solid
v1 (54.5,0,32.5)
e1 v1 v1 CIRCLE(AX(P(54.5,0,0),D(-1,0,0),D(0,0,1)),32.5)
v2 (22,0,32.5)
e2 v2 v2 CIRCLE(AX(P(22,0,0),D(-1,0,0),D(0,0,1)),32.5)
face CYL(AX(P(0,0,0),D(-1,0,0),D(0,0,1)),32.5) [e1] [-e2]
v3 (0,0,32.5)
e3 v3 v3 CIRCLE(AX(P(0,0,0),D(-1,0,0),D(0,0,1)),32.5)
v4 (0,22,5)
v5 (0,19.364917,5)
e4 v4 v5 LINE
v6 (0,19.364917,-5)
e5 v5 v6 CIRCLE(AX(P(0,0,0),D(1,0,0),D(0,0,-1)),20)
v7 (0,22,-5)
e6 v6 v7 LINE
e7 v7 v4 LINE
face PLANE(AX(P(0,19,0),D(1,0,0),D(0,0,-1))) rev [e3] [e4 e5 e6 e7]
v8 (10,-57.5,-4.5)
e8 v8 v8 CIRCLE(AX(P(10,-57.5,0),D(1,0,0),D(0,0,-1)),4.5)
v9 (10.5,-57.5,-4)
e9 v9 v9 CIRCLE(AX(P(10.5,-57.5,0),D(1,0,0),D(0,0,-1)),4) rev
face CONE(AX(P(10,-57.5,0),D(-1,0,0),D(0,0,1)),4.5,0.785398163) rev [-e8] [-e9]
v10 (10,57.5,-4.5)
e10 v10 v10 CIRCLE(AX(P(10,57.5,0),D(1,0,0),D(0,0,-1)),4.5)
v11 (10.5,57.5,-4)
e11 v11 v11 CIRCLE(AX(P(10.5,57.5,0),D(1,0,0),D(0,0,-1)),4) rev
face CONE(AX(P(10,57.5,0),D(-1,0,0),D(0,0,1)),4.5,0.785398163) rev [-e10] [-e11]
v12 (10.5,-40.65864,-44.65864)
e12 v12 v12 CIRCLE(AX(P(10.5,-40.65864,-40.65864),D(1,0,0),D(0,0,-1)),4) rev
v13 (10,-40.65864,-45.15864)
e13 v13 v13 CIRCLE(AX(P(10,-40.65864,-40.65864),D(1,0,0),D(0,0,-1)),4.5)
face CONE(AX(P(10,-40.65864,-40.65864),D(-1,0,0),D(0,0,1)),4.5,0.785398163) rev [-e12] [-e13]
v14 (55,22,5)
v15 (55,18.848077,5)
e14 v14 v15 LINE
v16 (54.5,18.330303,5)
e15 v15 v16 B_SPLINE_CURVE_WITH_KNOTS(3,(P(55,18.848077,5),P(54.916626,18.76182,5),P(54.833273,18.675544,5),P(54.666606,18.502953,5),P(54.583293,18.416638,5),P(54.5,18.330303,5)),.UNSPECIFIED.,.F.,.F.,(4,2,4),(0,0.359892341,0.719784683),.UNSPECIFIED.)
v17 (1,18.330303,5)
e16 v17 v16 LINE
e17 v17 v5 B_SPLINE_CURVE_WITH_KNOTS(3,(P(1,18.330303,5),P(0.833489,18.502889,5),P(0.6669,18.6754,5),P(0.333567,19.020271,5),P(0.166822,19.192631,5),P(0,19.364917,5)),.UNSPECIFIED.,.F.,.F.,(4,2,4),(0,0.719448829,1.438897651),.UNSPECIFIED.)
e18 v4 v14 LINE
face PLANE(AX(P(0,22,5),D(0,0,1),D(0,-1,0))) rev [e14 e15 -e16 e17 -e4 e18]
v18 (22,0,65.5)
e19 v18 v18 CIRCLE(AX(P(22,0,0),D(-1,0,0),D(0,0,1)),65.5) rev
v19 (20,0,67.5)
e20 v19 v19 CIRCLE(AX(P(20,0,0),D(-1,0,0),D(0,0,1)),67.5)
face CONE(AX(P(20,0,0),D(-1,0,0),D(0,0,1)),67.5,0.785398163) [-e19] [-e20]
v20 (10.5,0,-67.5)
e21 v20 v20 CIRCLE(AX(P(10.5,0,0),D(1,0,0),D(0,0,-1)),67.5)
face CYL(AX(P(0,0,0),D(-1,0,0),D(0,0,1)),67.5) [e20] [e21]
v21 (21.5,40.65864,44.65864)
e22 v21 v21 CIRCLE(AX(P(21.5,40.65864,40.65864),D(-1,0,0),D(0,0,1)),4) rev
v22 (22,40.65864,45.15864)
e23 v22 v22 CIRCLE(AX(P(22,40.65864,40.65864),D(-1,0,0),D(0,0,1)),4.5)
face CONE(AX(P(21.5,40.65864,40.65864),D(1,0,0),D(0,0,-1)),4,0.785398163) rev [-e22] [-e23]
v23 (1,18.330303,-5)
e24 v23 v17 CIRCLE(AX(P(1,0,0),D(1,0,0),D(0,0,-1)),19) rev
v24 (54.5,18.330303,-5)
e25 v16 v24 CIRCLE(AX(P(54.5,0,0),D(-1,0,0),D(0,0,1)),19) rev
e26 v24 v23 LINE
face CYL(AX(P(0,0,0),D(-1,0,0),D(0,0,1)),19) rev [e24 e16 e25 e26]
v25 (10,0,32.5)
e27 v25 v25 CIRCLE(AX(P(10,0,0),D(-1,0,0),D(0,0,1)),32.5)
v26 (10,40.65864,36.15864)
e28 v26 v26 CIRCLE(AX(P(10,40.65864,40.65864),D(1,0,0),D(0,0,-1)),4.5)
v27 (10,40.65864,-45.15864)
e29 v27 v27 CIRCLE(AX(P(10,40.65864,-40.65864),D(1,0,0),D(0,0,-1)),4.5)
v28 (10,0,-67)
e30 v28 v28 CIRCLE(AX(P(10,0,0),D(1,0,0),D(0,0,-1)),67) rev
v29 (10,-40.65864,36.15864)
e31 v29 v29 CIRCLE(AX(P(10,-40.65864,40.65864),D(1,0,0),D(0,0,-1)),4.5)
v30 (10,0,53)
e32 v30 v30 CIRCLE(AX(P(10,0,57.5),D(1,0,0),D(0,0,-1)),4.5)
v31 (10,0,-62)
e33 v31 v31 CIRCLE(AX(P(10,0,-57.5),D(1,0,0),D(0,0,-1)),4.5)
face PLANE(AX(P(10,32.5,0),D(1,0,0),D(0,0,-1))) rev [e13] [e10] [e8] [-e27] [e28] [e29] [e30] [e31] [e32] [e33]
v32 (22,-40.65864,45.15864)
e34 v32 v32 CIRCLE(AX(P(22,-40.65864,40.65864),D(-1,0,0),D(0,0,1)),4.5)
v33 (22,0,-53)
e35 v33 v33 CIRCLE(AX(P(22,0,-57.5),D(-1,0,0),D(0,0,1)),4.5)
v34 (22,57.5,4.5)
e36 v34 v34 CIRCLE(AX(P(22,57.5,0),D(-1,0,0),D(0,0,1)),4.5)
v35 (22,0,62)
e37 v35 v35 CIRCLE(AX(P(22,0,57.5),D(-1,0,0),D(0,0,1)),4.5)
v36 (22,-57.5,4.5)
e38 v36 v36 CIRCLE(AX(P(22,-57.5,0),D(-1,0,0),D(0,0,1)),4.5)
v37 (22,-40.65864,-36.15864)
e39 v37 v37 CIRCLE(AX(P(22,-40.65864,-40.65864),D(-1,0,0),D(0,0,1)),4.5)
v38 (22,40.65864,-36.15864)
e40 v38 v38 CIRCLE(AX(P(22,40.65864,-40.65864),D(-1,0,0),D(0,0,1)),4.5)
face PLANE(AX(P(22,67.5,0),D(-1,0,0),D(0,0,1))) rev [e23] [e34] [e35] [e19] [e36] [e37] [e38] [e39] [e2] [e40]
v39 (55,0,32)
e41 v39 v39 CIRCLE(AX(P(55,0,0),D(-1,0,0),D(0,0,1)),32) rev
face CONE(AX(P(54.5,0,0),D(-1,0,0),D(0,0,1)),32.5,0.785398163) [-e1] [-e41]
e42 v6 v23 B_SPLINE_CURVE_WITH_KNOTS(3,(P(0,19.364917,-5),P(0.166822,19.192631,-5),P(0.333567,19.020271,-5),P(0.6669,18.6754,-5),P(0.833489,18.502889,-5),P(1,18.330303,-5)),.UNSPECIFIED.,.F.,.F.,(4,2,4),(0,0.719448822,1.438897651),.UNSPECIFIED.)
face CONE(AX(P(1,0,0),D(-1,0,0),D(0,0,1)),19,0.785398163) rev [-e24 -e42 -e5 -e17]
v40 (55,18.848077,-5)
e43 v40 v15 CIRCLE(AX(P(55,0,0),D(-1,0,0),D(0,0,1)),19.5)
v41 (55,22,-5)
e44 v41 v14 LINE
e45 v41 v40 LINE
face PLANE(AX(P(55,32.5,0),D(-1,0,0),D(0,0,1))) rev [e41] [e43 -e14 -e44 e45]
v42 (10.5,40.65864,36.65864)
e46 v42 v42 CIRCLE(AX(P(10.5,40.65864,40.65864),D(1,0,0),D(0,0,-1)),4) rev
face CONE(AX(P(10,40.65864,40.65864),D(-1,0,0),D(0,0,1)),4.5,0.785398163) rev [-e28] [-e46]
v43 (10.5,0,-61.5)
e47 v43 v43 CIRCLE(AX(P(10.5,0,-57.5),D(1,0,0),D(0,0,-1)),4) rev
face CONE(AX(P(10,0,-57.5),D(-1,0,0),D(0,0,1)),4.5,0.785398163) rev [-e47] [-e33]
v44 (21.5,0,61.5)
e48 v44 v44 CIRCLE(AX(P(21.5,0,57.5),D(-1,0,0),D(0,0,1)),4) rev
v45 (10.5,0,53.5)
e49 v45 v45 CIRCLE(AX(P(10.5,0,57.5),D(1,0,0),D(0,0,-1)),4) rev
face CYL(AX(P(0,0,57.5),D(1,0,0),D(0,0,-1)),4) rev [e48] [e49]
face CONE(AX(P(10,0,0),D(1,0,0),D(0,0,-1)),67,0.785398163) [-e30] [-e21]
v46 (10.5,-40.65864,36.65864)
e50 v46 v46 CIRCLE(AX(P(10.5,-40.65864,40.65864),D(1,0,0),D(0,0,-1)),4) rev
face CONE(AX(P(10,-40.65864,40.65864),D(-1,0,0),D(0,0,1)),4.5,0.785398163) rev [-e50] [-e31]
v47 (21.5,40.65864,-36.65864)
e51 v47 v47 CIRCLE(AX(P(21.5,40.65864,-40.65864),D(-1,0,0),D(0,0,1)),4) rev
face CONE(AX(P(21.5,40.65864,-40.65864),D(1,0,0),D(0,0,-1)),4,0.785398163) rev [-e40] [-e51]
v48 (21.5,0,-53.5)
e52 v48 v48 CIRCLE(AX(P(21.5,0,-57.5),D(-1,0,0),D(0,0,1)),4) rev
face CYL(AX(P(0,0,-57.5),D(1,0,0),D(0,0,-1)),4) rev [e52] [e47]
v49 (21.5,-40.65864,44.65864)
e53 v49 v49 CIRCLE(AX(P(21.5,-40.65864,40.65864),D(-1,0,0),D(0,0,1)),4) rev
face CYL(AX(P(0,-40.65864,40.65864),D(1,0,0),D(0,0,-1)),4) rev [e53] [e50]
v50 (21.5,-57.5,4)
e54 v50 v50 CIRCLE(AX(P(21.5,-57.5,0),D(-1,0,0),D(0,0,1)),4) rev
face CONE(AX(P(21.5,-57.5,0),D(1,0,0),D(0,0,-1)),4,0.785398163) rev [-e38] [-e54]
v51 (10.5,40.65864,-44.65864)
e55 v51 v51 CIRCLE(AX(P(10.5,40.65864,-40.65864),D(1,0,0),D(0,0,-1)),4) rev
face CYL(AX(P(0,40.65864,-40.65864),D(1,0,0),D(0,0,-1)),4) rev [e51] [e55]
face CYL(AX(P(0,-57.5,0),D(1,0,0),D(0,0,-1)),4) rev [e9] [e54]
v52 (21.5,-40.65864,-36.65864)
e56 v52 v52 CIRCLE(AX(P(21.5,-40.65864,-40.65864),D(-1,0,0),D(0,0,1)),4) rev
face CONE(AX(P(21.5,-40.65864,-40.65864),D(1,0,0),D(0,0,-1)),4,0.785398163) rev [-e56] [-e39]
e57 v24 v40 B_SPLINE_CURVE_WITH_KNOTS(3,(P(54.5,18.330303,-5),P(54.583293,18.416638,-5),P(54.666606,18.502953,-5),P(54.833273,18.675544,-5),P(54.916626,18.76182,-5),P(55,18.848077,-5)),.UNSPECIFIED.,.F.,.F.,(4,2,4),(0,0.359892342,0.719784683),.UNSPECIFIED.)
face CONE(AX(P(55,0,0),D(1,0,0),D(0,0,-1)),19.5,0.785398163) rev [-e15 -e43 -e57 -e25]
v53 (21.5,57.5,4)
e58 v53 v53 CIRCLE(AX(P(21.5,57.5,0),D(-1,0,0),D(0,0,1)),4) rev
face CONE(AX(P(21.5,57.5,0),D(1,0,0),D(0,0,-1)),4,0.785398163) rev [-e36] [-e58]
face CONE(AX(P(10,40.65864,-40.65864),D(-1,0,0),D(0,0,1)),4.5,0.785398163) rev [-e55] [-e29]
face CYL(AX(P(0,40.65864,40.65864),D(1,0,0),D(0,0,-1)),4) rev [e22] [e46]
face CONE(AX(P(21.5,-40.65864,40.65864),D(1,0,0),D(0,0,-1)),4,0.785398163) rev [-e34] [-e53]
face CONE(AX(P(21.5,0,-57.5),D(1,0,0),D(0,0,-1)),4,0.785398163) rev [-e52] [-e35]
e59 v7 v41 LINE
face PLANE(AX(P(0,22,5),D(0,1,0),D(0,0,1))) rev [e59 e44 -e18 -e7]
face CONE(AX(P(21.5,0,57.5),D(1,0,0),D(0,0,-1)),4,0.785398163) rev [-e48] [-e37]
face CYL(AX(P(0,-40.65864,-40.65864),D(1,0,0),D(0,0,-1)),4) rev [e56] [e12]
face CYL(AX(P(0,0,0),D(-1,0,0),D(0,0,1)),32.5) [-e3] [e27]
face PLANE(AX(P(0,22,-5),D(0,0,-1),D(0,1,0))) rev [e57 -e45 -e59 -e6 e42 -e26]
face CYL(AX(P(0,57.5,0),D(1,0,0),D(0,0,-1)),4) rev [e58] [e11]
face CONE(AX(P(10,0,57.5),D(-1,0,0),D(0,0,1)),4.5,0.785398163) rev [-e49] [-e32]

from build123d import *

# Parameters (mm, degrees)
SKETCH_2_W          = 10
SKETCH_2_H          = 22
CUT_EXTRUDE_1_DEPTH = 111.170322683
SKETCH_3_R          = 4
CUT_EXTRUDE_2_DEPTH = 102.002475217
CHAMFER_1_SIZE      = 2
CHAMFER_2_SIZE      = 1
CHAMFER_3_SIZE      = 0.5


with BuildPart() as part:
    # 草图1 → 旋转1 (revolve)
    with BuildSketch(Plane.XY, mode=Mode.PRIVATE) as revolve_1_sk:
        Polygon((0, 19), (0, 32.5), (10, 32.5), (10, 67.5), (22, 67.5), (22, 32.5), (55, 32.5), (55, 19), align=None)
    revolve(revolve_1_sk.sketch.rotate(Axis((0, 0, 0), (1, 0, 0)), 90), axis=Axis((0, 0, 0), (1, 0, 0)))

    # 草图2 → 切除-拉伸1 (cut, through all)
    with BuildSketch(Plane(origin=(55, 0, 0), x_dir=(0, 0, -1), z_dir=(1, 0, 0))):
        with Locations((0, 11)):
            Rectangle(SKETCH_2_W, SKETCH_2_H)
    extrude(amount=-CUT_EXTRUDE_1_DEPTH, mode=Mode.SUBTRACT)

    # 草图3 → 切除-拉伸2 (cut, through all)
    with BuildSketch(Plane(origin=(22, 0, 0), x_dir=(0, 0, -1), z_dir=(1, 0, 0))):
        with Locations((0, 57.5)):
            Circle(SKETCH_3_R)
        with Locations((40.658639918, 40.658639918)):
            Circle(SKETCH_3_R)
        with Locations((57.5, 0)):
            Circle(SKETCH_3_R)
        with Locations((40.658639918, -40.658639918)):
            Circle(SKETCH_3_R)
        with Locations((0, -57.5)):
            Circle(SKETCH_3_R)
        with Locations((-40.658639918, -40.658639918)):
            Circle(SKETCH_3_R)
        with Locations((-57.5, 0)):
            Circle(SKETCH_3_R)
        with Locations((-40.658639918, 40.658639918)):
            Circle(SKETCH_3_R)
    extrude(amount=-CUT_EXTRUDE_2_DEPTH, mode=Mode.SUBTRACT)

    # 倒角1
    chamfer_1_edges = [part.edges().sort_by_distance(p)[0] for p in [
        (22, 0, -67.5),
    ]]
    chamfer(chamfer_1_edges, length=CHAMFER_1_SIZE)

    # 倒角2
    chamfer_2_edges = [part.edges().sort_by_distance(p)[0] for p in [
        (0, -19, 0),
    ]]
    chamfer(chamfer_2_edges, length=CHAMFER_2_SIZE)

    # 倒角3
    chamfer_3_edges = [part.edges().sort_by_distance(p)[0] for p in [
        (55, -19, 0),
        (10, 57.5, 4),
        (22, 57.5, 4),
        (10, 40.658639918, -36.658639918),
        (22, 40.658639918, -36.658639918),
        (10, 0, -53.5),
        (22, 0, -53.5),
        (10, -40.658639918, -36.658639918),
        (22, -40.658639918, -36.658639918),
        (10, -57.5, 4),
        (22, -57.5, 4),
        (10, -40.658639918, 44.658639918),
        (22, -40.658639918, 44.658639918),
        (10, 0, 61.5),
        (22, 0, 61.5),
        (10, 40.658639918, 44.658639918),
        (22, 40.658639918, 44.658639918),
        (55, 0, -32.5),
        (10, 0, -67.5),
    ]]
    chamfer(chamfer_3_edges, length=CHAMFER_3_SIZE)


solid = part.part
